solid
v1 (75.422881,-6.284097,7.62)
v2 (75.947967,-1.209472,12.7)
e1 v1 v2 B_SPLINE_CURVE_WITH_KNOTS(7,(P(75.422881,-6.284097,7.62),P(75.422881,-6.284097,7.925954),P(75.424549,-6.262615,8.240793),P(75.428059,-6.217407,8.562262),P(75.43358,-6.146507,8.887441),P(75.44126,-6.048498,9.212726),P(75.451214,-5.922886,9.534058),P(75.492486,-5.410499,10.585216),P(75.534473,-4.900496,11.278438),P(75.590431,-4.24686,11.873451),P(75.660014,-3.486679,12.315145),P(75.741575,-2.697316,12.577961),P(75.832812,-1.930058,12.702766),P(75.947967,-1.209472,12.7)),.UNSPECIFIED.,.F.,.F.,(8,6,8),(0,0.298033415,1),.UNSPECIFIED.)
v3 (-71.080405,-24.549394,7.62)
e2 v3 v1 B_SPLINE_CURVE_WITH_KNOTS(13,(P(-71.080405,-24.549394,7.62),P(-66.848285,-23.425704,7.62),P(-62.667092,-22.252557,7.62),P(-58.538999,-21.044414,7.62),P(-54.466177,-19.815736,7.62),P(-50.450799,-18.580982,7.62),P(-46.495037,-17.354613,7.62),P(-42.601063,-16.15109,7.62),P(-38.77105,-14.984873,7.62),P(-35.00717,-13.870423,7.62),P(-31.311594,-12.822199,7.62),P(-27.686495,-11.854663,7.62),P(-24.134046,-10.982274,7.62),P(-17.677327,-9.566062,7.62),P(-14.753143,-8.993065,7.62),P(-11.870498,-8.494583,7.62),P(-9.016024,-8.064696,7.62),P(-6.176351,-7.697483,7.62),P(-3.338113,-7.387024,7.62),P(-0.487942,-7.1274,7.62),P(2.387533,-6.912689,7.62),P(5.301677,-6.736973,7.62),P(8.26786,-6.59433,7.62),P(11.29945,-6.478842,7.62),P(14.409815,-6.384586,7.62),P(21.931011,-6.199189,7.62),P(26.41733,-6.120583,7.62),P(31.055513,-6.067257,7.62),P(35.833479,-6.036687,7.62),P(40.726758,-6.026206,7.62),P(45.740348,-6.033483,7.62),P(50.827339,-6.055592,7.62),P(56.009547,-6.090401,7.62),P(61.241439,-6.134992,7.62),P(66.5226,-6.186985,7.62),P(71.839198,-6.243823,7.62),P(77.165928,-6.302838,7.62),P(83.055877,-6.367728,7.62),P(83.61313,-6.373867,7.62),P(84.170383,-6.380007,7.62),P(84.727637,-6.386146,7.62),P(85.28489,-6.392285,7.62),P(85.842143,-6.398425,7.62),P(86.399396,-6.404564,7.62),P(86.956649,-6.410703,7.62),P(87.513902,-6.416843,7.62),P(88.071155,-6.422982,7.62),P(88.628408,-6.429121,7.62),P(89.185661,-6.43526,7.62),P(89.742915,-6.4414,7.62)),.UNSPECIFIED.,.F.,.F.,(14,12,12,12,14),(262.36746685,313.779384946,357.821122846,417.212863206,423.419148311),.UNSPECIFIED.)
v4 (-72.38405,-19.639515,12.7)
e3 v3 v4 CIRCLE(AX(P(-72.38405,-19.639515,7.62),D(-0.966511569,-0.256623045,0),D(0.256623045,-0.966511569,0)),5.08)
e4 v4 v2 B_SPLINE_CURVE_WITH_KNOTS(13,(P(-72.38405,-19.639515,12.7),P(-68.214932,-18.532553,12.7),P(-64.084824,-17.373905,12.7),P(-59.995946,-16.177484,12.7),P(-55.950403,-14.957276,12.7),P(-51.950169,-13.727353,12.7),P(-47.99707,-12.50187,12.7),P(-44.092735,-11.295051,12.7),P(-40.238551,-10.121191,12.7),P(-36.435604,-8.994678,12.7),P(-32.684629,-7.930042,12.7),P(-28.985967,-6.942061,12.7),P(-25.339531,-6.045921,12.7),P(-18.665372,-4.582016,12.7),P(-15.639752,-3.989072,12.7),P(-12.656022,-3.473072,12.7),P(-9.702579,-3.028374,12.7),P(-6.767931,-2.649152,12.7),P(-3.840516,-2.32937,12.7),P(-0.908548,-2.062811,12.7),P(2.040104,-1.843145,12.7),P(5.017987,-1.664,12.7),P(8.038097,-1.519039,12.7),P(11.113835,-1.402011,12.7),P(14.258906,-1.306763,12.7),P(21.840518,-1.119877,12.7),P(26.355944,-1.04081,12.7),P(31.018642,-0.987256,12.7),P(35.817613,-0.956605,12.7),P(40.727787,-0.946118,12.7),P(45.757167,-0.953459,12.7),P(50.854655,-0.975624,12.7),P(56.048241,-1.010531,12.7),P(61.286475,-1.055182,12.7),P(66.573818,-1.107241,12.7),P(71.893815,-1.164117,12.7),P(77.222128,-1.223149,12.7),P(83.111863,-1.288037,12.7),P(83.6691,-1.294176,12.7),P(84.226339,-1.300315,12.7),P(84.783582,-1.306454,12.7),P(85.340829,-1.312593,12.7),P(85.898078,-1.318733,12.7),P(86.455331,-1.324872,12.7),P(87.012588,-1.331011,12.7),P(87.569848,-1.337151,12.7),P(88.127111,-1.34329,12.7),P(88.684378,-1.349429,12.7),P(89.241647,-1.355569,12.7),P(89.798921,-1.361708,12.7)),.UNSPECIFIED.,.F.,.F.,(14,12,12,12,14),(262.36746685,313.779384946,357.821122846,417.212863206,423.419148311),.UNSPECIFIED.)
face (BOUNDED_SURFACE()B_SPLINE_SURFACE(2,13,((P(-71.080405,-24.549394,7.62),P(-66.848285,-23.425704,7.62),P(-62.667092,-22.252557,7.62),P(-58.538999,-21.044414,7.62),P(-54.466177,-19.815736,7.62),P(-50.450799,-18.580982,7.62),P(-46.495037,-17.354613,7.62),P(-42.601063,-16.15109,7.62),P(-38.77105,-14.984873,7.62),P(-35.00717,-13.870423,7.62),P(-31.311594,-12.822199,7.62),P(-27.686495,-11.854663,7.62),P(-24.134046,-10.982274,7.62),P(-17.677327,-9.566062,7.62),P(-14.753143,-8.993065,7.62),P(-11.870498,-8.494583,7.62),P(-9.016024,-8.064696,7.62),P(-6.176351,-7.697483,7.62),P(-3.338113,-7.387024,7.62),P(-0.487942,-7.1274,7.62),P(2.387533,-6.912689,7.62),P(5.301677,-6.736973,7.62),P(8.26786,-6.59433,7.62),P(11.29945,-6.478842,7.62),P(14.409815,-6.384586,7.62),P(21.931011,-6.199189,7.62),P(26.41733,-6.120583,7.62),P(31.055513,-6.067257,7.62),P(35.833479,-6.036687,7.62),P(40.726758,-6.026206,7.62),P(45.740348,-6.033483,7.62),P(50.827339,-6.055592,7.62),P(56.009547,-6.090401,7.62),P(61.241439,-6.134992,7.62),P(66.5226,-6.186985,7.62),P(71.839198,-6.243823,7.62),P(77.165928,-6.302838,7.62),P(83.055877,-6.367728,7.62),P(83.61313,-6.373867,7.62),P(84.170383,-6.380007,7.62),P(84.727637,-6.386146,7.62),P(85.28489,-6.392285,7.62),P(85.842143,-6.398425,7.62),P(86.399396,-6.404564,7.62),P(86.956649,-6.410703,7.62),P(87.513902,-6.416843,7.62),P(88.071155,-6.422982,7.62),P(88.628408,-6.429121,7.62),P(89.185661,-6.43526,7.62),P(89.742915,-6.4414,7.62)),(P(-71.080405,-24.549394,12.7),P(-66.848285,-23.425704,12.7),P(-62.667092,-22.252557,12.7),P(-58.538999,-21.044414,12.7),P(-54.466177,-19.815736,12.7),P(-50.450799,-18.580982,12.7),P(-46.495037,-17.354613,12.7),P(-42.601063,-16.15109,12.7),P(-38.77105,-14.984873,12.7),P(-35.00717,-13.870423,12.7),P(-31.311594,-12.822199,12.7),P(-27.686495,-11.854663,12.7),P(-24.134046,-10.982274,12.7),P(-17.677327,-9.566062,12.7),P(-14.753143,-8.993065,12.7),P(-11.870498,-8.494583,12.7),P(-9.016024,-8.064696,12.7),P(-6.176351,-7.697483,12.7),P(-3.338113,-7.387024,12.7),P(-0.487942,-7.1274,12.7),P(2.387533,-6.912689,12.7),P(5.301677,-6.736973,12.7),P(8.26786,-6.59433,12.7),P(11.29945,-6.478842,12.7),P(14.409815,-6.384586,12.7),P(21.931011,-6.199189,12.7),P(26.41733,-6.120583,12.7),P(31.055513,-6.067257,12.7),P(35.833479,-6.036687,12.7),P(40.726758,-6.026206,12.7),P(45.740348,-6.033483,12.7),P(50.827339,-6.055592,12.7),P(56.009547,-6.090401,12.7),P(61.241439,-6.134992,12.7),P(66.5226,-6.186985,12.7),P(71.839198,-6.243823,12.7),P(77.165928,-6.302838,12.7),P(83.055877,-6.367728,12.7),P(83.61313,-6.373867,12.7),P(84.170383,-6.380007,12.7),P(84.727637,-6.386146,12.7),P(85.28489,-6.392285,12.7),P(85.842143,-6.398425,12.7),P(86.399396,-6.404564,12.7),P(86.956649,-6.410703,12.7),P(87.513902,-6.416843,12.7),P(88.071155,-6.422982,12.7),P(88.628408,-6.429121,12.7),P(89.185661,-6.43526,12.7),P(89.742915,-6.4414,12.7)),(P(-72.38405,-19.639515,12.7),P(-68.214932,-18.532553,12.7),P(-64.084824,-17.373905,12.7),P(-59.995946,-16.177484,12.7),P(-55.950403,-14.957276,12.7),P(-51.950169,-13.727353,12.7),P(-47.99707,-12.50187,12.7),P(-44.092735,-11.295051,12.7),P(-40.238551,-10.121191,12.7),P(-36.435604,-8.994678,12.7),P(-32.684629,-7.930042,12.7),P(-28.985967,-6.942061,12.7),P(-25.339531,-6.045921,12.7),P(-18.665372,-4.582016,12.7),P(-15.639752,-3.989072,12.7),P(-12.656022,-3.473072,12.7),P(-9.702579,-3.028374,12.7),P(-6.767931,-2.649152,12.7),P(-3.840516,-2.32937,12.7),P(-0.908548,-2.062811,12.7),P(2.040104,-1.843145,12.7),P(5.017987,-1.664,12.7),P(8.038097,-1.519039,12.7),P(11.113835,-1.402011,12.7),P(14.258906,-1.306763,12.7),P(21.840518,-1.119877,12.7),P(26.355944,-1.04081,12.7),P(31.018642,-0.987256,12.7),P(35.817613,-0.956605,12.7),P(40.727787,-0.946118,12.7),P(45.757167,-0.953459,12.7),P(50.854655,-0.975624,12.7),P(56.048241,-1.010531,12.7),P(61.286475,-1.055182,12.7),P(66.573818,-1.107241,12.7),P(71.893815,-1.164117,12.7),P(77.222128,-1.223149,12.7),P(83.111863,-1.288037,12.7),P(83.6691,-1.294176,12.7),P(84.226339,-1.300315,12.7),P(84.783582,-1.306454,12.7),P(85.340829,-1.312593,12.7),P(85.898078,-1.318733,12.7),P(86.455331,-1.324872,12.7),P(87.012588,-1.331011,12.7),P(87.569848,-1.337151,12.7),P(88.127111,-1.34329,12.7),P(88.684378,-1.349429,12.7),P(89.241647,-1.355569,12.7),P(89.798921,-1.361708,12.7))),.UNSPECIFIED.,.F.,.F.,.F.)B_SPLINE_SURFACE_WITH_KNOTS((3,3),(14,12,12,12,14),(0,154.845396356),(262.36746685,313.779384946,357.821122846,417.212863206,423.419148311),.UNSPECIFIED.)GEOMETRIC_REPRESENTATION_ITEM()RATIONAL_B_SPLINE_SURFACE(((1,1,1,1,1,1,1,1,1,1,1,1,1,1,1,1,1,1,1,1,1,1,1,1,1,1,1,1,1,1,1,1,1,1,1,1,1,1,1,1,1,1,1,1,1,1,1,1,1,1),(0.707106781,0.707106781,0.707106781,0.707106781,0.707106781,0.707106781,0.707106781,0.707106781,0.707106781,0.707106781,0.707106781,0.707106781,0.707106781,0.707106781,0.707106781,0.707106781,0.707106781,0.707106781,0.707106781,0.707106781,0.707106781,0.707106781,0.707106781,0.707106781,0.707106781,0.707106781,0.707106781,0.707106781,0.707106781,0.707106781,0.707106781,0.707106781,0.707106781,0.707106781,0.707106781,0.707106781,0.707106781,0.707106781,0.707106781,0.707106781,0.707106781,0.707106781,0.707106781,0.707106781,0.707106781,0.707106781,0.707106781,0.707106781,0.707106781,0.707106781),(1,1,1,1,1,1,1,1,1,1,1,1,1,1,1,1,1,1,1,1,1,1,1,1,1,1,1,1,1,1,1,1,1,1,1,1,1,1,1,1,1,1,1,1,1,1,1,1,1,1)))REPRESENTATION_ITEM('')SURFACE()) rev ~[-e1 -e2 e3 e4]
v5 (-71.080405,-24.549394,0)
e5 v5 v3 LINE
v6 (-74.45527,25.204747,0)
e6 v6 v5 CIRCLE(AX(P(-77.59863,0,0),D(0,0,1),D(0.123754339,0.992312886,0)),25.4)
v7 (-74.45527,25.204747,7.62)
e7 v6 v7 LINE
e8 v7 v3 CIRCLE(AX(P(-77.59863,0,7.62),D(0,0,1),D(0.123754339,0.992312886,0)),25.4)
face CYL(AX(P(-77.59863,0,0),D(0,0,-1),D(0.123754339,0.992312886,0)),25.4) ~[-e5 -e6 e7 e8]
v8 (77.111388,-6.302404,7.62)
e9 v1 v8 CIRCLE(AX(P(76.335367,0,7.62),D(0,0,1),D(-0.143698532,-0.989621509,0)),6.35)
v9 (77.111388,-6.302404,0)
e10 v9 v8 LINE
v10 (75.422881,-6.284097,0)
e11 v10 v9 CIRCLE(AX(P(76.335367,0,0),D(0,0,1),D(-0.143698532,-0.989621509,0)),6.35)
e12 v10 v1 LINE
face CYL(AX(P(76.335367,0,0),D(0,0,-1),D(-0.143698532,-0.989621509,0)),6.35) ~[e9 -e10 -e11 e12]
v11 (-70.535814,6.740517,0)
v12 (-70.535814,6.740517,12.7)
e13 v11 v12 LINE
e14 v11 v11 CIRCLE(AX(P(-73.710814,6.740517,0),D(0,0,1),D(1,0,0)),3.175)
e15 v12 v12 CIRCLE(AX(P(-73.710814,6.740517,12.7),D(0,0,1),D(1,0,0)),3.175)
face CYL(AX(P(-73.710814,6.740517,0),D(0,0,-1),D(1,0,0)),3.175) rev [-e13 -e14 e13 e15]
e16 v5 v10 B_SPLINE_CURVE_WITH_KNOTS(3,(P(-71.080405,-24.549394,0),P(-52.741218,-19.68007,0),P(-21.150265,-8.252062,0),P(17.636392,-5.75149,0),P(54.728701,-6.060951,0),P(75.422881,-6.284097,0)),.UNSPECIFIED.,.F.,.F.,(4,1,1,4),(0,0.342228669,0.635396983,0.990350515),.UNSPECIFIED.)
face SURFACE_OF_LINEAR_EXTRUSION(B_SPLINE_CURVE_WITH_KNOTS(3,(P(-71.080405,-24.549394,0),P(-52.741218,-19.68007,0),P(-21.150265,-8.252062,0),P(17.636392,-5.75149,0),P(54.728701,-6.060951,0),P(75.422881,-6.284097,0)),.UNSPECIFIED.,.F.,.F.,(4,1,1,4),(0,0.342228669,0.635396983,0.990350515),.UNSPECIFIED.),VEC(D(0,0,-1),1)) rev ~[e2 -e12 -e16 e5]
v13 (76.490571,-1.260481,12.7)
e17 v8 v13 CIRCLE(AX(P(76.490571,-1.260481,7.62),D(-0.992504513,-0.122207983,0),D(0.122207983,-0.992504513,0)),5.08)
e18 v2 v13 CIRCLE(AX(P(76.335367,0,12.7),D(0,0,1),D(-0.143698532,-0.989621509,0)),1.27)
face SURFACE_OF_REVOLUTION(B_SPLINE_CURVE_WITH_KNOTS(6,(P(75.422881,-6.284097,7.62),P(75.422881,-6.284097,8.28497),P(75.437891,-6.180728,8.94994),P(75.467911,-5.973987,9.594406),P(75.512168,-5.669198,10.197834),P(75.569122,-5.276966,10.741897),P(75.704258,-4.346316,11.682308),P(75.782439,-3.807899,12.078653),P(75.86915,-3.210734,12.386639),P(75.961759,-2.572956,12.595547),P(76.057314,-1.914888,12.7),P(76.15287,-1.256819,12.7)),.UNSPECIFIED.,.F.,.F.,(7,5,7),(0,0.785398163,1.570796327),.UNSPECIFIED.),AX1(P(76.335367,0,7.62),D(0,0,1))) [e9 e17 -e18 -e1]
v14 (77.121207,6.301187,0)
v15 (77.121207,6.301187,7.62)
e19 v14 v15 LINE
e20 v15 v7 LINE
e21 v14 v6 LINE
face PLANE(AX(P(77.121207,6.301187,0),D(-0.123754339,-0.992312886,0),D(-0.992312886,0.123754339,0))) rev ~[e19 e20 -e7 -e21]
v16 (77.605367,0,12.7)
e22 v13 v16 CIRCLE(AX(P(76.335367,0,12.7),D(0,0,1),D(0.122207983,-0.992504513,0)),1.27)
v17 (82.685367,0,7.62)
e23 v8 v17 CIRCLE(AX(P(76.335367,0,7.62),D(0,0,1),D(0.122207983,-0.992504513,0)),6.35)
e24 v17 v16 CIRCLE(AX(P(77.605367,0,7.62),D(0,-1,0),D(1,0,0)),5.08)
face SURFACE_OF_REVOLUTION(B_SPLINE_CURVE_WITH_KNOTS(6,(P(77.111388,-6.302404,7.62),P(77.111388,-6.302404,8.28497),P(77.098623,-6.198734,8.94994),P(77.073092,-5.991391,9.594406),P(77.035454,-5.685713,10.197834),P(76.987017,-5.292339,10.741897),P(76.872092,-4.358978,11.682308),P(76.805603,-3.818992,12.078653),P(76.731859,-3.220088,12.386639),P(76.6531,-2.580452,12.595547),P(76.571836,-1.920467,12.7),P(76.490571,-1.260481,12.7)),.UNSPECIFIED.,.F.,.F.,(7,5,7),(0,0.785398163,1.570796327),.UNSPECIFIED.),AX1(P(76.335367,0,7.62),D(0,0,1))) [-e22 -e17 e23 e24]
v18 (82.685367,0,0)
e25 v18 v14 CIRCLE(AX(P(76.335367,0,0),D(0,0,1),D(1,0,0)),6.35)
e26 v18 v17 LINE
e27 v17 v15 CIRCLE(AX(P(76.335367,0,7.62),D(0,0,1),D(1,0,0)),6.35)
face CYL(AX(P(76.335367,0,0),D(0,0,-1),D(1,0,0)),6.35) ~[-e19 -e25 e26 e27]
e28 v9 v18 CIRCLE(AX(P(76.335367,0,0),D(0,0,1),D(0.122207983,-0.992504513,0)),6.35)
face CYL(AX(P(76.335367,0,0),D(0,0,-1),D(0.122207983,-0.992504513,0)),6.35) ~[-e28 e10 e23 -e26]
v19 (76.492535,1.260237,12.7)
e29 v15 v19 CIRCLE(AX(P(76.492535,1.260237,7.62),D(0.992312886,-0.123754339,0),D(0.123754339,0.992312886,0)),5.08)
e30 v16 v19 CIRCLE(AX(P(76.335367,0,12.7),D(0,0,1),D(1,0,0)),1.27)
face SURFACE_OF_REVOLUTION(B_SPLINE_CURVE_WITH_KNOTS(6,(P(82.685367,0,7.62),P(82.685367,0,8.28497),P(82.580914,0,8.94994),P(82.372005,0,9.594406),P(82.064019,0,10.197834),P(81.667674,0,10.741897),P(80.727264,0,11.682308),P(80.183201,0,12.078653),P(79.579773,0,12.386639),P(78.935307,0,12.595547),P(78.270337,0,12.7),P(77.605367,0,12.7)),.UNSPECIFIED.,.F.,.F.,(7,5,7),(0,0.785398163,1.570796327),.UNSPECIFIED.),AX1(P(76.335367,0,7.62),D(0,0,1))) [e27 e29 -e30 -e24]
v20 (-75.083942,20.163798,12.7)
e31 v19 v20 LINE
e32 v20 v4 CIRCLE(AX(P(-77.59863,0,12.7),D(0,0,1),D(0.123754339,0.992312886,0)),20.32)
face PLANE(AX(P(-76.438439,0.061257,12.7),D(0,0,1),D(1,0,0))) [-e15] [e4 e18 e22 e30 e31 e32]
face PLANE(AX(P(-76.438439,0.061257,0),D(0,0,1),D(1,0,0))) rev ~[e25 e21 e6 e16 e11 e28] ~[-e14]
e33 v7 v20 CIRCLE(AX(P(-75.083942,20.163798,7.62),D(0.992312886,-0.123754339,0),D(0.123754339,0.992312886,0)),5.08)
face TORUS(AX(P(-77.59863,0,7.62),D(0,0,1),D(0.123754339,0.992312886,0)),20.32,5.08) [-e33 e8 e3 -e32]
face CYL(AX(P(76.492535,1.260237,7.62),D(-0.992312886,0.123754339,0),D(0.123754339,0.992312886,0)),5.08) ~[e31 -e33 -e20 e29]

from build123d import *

# Parameters (mm, degrees)
F0_R     = 3.175
F1_DEPTH = 12.7
F2_R     = 5.08


with BuildPart() as f1:
    # F0 (on Top) → F1 (new body)
    with BuildSketch(Plane.XY):
        with BuildLine():
            ThreePointArc((-71.0804048989, -24.5493938467), (-57.4650398626, -15.4854298619), (-52.1986302525, 0))
            ThreePointArc((-52.1986302525, 0), (-58.5591797737, 16.8124752926), (-74.4552700528, 25.2047473039))
            ThreePointArc((-74.4552700528, 25.2047473039), (-102.9403981321, -1.7189533851), (-71.0804048989, -24.5493938467))
        make_face()
        with Locations((-73.7108141184, 6.740516983)):
            Circle(F0_R, mode=Mode.SUBTRACT)
        with BuildLine():
            ThreePointArc((-74.4552700528, 25.2047473039), (-58.5591797737, 16.8124752926), (-52.1986302525, 0))
            ThreePointArc((-52.1986302525, 0), (-57.4650398626, -15.4854298619), (-71.0804048989, -24.5493938467))
            add(Edge.make_bspline(
                [(-71.0804048989, -24.5493938467), (-52.7412181623, -19.6800698748), (-21.1502646093, -8.2520622264), (17.6363924631, -5.7514904756), (54.7287005753, -6.0609514179), (75.4228812113, -6.2840965851)],
                knots=[0, 0, 0, 0, 0.3422286689, 0.6353969827, 0.9903505149, 0.9903505149, 0.9903505149, 0.9903505149], degree=3))
            ThreePointArc((75.4228812113, -6.2840965851), (70.0424065813, 0.8492058566), (77.1212069372, 6.301186826))
            Line((77.1212069372, 6.301186826), (-74.4552700528, 25.2047473039))
        make_face()
        with BuildLine():
            ThreePointArc((82.6853668873, 0), (81.095229507, 4.2031188231), (77.1212069372, 6.301186826))
            ThreePointArc((77.1212069372, 6.301186826), (70.0424065813, 0.8492058566), (75.4228812113, -6.2840965851))
            add(Edge.make_bspline(
                [(75.4228812113, -6.2840965851), (75.9854567877, -6.2901628326), (76.5483132187, -6.2962687399), (77.1113875818, -6.3024036591)],
                knots=[0.9903505149, 0.9903505149, 0.9903505149, 0.9903505149, 1, 1, 1, 1], degree=3))
            ThreePointArc((77.1113875818, -6.3024036591), (81.0919534475, -4.2068259169), (82.6853668873, 0))
        make_face()
        with BuildLine():
            add(Edge.make_bspline(
                [(75.4228812113, -6.2840965851), (75.9854567877, -6.2901628326), (76.5483132187, -6.2962687399), (77.1113875818, -6.3024036591)],
                knots=[0.9903505149, 0.9903505149, 0.9903505149, 0.9903505149, 1, 1, 1, 1], degree=3))
            ThreePointArc((75.4228812113, -6.2840965851), (76.266523151, -6.3496268032), (77.1113875818, -6.3024036591))
        make_face()
    extrude(amount=F1_DEPTH)

    # F2
    f2_edges = [f1.edges().sort_by_distance(p)[0] for p in [
        (-102.940398, -1.718953, 12.7),
        (1.057114, -7.077023, 12.7),
        (1.332968, 15.752967, 12.7),
        (82.628327, -0.849206, 12.7),
    ]]
    fillet(f2_edges, radius=F2_R)


solid = f1.part
